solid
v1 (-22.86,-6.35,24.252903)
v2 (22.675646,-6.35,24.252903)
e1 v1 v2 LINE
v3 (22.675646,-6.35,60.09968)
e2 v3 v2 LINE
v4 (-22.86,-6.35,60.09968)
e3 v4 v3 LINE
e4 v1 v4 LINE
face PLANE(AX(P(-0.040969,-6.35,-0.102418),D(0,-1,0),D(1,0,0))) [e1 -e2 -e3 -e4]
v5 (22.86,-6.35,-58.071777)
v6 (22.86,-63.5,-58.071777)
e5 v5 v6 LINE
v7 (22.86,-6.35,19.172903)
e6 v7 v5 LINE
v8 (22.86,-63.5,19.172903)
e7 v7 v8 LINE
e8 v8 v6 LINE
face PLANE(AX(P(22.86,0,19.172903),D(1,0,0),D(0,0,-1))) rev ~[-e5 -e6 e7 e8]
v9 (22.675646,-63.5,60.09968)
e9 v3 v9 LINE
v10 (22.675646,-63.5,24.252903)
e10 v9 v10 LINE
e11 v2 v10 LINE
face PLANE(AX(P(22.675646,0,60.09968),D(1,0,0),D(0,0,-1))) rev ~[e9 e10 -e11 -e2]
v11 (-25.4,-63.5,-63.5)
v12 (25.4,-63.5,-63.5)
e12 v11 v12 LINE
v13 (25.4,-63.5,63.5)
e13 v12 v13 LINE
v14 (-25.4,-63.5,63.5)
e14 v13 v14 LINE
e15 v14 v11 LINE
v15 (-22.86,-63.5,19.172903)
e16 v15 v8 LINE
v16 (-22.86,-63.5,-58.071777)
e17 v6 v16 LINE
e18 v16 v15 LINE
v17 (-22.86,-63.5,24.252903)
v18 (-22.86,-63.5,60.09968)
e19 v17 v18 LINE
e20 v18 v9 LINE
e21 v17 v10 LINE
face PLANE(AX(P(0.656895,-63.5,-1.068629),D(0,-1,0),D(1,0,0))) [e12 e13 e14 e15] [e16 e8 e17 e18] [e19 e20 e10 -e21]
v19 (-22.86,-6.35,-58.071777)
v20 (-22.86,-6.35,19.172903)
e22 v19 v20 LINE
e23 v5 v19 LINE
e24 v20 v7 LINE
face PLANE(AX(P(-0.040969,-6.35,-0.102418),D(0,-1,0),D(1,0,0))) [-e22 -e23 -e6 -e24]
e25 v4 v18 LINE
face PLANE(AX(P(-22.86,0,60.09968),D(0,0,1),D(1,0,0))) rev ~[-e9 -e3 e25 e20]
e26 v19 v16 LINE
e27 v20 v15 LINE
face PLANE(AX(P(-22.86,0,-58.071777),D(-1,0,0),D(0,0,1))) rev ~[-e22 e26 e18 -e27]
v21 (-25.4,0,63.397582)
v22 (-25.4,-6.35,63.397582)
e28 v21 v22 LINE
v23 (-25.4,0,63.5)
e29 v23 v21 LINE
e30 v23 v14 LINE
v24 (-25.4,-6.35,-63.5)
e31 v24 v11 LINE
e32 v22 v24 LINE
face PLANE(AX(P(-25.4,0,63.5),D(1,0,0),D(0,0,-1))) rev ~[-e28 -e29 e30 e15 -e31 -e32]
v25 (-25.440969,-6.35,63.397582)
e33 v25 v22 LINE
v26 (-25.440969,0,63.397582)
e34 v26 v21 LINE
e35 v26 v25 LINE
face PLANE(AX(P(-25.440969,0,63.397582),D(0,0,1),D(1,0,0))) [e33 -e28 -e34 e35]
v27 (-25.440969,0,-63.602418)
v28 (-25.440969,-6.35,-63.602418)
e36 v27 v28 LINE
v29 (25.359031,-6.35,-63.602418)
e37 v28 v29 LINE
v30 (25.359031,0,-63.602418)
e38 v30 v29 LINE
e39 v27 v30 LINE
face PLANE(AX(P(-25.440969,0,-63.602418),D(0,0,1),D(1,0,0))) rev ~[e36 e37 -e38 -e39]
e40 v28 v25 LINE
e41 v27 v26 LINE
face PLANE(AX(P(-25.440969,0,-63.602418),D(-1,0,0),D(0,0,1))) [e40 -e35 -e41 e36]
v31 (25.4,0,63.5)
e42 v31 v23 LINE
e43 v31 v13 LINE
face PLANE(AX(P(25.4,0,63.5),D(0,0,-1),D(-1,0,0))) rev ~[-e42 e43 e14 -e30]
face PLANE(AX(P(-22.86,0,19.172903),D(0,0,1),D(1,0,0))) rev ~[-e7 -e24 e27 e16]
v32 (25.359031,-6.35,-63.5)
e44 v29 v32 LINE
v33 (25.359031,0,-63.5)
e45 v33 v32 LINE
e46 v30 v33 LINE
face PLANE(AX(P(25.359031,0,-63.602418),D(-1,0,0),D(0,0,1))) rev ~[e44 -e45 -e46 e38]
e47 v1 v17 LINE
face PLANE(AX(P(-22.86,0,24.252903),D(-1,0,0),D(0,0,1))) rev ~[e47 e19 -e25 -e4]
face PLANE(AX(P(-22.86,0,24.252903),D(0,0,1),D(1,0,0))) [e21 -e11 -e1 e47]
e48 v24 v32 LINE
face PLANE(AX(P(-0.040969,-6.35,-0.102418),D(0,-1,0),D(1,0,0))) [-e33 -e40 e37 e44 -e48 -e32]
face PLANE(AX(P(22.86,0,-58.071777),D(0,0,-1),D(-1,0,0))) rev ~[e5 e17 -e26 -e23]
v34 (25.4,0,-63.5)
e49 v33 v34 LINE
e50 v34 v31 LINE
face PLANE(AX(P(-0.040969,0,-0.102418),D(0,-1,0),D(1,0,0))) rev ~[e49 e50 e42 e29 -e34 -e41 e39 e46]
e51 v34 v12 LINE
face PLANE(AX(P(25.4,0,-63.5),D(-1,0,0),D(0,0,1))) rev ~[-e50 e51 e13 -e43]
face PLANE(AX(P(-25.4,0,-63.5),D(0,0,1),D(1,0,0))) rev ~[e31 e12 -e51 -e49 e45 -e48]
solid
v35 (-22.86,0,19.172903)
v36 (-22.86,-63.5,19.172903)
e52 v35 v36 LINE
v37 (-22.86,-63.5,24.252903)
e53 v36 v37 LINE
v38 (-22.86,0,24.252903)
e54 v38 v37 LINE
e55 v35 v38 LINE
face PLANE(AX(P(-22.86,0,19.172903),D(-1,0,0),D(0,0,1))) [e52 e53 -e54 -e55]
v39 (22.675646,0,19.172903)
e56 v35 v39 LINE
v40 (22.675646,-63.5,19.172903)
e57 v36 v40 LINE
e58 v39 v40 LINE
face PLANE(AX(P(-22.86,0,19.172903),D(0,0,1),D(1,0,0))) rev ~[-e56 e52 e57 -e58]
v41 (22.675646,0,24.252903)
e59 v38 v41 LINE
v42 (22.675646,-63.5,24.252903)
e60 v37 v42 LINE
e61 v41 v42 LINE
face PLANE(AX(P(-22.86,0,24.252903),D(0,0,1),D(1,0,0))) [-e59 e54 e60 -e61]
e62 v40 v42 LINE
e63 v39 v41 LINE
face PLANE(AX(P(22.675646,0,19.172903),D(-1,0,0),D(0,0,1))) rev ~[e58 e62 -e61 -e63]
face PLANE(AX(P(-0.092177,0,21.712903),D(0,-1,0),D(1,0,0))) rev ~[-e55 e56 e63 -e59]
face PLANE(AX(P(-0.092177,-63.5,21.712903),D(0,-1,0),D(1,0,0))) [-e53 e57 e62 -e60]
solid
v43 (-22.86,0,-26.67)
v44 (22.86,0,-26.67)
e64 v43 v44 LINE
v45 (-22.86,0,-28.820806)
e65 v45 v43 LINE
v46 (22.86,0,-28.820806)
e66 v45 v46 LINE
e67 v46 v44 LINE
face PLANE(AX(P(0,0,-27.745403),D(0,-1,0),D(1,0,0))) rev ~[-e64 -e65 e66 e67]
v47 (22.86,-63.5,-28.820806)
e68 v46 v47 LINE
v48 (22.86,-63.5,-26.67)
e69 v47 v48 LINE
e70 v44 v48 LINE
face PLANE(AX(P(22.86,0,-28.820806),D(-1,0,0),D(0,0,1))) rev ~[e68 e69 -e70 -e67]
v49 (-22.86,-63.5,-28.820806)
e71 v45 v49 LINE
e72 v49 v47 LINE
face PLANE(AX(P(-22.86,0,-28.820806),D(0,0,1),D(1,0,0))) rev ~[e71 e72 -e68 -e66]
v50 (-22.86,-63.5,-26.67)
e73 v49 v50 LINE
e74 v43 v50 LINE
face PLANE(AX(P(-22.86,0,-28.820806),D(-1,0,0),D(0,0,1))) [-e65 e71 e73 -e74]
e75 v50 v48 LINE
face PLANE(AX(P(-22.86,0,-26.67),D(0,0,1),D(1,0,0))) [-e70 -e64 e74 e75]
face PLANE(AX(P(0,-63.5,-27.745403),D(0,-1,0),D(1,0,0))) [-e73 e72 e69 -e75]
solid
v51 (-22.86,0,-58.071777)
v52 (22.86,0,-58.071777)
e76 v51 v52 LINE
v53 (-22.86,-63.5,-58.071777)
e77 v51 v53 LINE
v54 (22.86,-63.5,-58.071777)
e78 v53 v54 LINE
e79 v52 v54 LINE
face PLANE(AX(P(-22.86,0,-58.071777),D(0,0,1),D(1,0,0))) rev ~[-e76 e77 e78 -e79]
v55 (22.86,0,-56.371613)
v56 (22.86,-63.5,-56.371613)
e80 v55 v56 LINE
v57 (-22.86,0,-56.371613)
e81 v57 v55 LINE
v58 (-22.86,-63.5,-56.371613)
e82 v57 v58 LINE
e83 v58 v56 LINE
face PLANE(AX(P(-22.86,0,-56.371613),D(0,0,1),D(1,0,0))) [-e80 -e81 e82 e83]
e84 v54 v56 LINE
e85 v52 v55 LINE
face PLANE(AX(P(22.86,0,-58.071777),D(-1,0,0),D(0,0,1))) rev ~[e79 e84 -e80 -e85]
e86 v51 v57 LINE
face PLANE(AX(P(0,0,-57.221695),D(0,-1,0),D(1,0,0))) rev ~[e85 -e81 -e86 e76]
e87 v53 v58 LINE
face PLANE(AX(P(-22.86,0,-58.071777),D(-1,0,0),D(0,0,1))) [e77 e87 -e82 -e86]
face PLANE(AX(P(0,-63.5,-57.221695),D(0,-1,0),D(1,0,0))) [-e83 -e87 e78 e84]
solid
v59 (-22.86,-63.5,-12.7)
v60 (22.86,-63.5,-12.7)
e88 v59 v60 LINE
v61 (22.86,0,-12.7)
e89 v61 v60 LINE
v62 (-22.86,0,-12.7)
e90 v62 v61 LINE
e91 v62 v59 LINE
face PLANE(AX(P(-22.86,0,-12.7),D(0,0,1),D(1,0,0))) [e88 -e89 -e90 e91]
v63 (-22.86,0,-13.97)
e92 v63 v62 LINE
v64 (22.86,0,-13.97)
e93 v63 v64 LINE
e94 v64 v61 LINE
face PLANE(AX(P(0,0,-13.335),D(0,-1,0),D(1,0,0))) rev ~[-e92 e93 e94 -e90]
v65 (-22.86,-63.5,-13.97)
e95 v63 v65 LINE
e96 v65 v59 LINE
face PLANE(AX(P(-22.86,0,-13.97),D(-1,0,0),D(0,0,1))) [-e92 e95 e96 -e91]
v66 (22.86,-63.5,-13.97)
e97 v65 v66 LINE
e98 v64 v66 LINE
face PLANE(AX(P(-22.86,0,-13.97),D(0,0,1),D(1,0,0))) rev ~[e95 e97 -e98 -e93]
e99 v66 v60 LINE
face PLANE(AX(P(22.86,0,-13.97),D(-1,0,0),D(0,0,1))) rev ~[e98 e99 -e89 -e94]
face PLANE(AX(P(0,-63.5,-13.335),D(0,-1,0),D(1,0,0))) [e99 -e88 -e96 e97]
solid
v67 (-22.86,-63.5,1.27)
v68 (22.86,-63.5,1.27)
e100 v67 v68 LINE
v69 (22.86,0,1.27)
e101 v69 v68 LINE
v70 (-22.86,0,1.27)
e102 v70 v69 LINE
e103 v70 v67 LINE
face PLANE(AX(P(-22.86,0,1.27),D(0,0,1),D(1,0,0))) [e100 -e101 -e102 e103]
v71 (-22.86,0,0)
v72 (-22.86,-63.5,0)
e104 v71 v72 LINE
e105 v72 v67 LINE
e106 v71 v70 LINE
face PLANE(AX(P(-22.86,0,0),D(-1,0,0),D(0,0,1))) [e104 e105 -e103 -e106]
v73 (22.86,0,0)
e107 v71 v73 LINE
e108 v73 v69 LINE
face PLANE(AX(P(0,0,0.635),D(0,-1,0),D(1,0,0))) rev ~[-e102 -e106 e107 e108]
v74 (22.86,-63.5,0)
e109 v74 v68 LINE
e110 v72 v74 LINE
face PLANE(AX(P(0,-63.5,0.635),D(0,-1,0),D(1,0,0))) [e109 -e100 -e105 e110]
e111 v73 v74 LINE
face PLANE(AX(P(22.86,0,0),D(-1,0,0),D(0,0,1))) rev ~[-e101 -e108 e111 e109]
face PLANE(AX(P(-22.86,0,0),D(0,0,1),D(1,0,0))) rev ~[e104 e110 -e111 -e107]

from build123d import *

# Parameters (mm, degrees)
F0_W     = 45.535646
F0_H     = 5.08
F1_DEPTH = 63.5
F2_W     = 50.8
F2_H     = 127
F3_DEPTH = 6.35
F0_W_2   = 45.72
F0_H_2   = 1.27
F0_H_3   = 2.150806
F0_H_4   = 1.700164
F4_DEPTH = 63.5


with BuildPart() as f1:
    # F0 (on Front) → F1 (new body)
    with BuildSketch(Plane.XZ):
        Polygon((25.4, 51.066291), (25.4, 63.5), (22.86, 63.5), (-22.86, 63.5), (-22.86, 60.09968), (22.675646, 60.09968), (22.675646, 24.252903), (22.675646, 19.172903), (22.86, 19.172903), (22.86, 2.765323), (22.86, 1.27), (22.86, 0), (22.86, -12.7), (22.86, -13.97), (22.86, -26.67), (22.86, -28.820806), (22.86, -30.971613), (22.86, -56.371613), (22.86, -58.071777), (-22.86, -58.071777), (-22.86, -56.371613), (-22.86, -30.971613), (-22.86, -28.820806), (-22.86, -26.67), (-22.86, -13.97), (-22.86, -12.7), (-22.86, 0), (-22.86, 1.27), (-22.86, 2.765323), (-22.86, 19.172903), (-22.86, 24.252903), (-22.86, 51.066291), (-25.4, 51.066291), (-25.4, -63.5), (0, -63.5), (25.4, -63.5), align=None)
        with Locations((-0.092177, 21.712903)):
            Rectangle(F0_W, F0_H)
        Polygon((-22.86, 60.09968), (-22.86, 63.5), (-25.4, 63.5), (-25.4, 51.066291), (-22.86, 51.066291), align=None)
    extrude(amount=F1_DEPTH)

    # F2 (on Front) → F3 (join)
    with BuildSketch(Plane.XZ):
        with Locations((-0.040969, -0.102418)):
            Rectangle(F2_W, F2_H)
    extrude(amount=F3_DEPTH)


with BuildPart() as f4:
    # F0 (on Front) → F4 (new body)
    with BuildSketch(Plane.XZ):
        with Locations((0, 0.635)):
            Rectangle(F0_W_2, F0_H_2)
        with Locations((0, -13.335)):
            Rectangle(F0_W_2, F0_H_2)
        with Locations((0, -27.745403)):
            Rectangle(F0_W_2, F0_H_3)
        with Locations((-0.092177, 21.712903)):
            Rectangle(F0_W, F0_H)
        with Locations((0, -57.221695)):
            Rectangle(F0_W_2, F0_H_4)
    extrude(amount=F4_DEPTH)


solid = Compound([f1.part, f4.part])
